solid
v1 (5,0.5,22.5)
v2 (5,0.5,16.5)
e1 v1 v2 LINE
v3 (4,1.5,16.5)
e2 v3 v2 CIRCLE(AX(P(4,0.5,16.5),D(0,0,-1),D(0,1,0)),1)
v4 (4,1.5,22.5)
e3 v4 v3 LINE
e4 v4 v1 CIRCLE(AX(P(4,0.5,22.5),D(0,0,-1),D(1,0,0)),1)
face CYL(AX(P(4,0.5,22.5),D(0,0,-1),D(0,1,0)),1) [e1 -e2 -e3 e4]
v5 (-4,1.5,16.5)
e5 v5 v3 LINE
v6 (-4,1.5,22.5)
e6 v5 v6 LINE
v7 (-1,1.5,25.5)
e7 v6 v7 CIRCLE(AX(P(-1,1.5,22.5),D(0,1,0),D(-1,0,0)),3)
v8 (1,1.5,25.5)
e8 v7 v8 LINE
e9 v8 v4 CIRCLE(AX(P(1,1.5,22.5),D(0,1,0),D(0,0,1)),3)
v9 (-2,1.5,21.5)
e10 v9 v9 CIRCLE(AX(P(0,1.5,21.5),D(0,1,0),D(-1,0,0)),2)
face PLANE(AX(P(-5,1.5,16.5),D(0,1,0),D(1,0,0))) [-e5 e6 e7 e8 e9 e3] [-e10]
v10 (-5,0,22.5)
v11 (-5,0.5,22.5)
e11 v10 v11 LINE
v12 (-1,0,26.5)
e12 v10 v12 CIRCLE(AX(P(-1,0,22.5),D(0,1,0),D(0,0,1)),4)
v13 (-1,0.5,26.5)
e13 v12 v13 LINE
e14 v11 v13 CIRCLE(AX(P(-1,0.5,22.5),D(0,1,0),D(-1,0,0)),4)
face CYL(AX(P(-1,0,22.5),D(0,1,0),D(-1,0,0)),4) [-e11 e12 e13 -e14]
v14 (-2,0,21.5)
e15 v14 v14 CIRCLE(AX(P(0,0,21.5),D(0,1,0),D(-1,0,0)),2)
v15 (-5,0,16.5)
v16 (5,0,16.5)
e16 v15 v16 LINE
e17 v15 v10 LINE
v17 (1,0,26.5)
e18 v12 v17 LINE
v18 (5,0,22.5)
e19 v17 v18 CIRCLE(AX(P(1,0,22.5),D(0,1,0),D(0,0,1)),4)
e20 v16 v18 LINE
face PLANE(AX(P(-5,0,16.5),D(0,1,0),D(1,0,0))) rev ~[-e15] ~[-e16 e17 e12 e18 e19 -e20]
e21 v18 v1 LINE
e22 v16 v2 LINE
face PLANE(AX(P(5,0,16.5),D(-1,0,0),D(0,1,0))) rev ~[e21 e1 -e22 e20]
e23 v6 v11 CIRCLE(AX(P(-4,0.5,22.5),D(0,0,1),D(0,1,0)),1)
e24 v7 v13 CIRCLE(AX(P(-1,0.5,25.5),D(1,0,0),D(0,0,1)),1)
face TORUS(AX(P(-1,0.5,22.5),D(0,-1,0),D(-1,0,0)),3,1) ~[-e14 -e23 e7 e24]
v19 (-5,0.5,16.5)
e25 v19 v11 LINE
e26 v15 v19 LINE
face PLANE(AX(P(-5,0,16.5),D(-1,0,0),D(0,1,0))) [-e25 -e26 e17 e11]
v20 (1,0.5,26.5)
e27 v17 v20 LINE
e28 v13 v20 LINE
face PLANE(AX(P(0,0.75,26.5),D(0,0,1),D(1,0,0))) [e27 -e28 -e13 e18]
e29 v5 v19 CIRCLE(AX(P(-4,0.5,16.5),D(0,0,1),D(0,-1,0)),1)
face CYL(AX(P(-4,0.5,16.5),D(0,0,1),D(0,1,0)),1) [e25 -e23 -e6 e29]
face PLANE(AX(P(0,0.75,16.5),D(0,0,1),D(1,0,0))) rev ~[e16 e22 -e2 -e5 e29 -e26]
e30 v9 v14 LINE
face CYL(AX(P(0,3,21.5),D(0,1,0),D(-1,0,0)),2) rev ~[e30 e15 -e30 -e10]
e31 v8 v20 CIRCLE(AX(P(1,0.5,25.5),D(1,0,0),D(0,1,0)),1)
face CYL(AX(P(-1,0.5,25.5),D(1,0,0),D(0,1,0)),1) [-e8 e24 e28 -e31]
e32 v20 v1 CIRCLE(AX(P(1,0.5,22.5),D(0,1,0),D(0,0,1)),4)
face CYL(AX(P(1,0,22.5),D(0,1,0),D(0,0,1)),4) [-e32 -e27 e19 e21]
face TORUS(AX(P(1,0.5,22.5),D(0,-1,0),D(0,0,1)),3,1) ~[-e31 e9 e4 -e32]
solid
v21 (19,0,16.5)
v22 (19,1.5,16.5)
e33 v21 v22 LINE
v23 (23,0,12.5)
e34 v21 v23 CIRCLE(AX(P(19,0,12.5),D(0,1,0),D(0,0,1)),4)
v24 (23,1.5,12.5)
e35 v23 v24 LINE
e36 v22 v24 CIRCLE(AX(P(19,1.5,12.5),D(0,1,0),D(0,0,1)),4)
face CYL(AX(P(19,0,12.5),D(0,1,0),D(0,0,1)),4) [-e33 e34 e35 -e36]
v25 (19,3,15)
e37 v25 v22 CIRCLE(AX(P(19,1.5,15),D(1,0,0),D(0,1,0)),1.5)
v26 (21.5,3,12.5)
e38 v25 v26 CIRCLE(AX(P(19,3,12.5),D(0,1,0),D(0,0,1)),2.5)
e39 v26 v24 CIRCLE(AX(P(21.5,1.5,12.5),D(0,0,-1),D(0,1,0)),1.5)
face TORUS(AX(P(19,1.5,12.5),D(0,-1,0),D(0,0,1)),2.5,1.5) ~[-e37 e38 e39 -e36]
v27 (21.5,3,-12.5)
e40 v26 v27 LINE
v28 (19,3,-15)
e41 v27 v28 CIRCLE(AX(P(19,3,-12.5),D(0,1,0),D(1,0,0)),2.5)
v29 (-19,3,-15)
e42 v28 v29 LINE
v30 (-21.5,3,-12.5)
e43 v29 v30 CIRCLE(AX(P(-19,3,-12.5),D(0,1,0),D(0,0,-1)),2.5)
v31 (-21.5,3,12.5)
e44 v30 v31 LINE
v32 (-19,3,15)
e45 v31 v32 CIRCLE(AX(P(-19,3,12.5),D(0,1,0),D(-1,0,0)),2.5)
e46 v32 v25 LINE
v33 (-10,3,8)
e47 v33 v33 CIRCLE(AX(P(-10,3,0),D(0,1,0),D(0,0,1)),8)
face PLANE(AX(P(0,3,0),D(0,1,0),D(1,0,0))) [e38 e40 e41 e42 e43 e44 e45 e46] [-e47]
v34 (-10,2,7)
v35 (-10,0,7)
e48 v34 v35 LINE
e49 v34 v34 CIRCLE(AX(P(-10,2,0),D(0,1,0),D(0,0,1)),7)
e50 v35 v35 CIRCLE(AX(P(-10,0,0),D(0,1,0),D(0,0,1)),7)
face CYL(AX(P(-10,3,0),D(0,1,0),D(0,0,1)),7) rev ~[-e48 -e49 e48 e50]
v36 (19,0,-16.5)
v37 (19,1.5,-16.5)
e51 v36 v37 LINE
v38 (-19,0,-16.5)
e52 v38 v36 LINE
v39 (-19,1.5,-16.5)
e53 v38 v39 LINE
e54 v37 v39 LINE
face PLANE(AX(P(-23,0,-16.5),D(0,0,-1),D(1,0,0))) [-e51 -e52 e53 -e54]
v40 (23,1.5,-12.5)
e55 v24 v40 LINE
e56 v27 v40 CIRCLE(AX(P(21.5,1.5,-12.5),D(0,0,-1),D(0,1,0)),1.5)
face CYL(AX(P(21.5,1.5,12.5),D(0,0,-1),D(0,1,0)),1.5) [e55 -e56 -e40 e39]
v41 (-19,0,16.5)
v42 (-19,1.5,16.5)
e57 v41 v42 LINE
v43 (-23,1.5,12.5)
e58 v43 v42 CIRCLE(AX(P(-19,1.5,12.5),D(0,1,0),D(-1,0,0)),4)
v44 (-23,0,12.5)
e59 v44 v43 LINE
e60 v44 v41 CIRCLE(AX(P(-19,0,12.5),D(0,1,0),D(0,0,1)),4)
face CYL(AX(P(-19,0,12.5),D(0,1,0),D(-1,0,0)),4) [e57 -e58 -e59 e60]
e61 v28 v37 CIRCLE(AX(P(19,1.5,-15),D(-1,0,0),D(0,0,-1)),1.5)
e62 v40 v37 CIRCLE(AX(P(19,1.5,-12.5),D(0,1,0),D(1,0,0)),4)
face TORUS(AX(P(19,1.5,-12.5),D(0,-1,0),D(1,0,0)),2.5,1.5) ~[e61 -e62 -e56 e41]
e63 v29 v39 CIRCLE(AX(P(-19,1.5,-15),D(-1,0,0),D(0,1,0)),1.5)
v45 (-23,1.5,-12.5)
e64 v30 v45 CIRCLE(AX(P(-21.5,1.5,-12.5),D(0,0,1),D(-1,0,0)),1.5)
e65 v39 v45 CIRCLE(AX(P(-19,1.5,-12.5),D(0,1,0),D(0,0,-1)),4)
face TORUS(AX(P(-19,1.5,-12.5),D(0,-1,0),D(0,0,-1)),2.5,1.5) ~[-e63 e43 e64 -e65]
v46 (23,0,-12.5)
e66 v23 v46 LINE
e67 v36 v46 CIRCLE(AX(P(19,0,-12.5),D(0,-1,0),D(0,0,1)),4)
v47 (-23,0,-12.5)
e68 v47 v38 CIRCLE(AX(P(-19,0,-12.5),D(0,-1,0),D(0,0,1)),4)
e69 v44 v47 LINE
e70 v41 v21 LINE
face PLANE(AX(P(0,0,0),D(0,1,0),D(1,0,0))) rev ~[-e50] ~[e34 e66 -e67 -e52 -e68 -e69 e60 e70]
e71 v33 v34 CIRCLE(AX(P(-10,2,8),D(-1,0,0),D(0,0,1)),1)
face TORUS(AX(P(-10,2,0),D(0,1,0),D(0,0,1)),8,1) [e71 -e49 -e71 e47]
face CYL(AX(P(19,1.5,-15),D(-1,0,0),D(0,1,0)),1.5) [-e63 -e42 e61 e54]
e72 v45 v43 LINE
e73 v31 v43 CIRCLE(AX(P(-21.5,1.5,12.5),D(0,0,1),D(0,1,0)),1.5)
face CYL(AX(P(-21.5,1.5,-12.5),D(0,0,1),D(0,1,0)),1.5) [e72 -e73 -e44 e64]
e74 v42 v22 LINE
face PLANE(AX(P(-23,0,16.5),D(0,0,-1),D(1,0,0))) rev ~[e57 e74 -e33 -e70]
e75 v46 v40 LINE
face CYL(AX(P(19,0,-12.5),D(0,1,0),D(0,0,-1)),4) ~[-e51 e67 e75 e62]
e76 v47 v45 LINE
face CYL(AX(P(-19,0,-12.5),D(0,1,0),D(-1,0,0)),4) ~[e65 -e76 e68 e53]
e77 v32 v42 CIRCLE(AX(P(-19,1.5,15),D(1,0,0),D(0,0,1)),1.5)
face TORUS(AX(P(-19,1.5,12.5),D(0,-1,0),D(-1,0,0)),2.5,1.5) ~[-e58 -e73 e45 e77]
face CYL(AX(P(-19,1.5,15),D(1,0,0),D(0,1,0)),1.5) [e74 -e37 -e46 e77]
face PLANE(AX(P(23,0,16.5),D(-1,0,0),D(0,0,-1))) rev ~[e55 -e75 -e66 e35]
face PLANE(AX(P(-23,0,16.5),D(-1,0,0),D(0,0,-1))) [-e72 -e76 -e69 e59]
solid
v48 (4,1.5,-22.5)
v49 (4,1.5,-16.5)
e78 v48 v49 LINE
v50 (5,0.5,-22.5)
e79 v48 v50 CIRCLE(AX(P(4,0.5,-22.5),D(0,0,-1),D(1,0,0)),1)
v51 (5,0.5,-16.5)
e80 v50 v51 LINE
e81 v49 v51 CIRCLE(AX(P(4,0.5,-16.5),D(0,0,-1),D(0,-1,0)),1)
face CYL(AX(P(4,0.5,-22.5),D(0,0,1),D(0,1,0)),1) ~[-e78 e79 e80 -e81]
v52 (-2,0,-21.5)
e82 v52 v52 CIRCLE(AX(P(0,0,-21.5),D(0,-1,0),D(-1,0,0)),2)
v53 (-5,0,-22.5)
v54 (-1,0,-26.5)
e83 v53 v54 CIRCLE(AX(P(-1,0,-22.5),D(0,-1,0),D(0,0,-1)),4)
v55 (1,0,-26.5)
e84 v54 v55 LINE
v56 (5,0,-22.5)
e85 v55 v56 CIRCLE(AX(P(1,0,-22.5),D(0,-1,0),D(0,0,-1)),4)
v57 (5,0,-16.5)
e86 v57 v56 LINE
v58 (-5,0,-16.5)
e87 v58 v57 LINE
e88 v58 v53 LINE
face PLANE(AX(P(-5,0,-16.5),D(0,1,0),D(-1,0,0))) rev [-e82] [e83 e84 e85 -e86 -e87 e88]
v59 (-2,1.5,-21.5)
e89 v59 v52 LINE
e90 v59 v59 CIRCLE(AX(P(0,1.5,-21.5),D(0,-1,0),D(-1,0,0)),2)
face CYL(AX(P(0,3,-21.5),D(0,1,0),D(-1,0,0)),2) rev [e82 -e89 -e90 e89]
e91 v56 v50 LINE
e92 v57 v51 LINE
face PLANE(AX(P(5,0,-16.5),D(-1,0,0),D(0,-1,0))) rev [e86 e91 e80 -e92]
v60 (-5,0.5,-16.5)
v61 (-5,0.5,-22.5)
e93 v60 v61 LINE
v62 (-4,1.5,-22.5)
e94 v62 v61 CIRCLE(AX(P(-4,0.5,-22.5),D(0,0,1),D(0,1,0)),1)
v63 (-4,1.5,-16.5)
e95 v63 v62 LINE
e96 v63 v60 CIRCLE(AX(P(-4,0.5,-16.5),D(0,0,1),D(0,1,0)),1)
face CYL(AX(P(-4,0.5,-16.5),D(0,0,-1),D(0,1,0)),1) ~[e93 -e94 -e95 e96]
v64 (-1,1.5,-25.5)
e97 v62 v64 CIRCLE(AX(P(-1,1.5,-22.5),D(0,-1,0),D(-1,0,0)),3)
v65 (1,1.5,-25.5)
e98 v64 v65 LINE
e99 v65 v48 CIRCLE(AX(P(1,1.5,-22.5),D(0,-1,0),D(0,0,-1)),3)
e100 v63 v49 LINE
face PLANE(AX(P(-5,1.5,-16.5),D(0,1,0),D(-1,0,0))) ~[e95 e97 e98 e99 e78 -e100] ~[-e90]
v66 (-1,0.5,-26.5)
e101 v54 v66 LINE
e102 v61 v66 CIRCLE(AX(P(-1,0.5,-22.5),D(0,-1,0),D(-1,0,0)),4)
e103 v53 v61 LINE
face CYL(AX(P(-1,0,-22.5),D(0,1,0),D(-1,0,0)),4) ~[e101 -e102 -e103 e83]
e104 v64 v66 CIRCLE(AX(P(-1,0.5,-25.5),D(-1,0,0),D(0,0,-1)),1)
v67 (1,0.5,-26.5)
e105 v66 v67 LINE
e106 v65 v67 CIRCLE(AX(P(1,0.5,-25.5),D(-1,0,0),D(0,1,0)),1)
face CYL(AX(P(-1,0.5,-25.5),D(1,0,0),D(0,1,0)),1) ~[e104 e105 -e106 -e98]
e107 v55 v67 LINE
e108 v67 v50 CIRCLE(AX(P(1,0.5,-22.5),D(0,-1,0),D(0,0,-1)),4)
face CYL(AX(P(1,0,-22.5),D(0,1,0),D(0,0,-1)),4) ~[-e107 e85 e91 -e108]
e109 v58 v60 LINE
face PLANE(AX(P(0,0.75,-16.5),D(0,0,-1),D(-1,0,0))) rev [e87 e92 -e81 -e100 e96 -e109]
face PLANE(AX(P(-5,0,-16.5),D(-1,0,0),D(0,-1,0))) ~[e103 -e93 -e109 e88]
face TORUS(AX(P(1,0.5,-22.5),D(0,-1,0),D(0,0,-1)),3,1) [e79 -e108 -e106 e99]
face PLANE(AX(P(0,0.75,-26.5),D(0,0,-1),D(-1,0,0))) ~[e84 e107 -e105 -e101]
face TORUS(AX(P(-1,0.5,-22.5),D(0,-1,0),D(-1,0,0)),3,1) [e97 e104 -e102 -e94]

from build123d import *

# Parameters (mm, degrees)
BASE_W             = 46
BASE_H             = 33
SHELL_DEPTH        = 3
SKETCH2_W          = 10
SKETCH2_H          = 1.5
LEG_DEPTH          = 10
SKETCH3_R          = 2
CUT_EXTRUDE1_DEPTH = 10
FILLET1_R          = 4
SKETCH4_R          = 7
CUT_EXTRUDE2_DEPTH = 10
FILLET2_R          = 1
FILLET3_R          = 4
FILLET10_R         = 1.5
FILLET11_R         = 1
FILLET12_R         = 1


with BuildPart() as part:
    # Base → Shell (new body)
    with BuildSketch(Plane(origin=(0, 0, 0), x_dir=(1, 0, 0), z_dir=(0, 1, 0))):
        Rectangle(BASE_W, BASE_H)
    extrude(amount=SHELL_DEPTH)

    # Sketch4 → Cut-Extrude2 (cut)
    with BuildSketch(Plane(origin=(0, 3, 0), x_dir=(1, 0, 0), z_dir=(0, 1, 0))):
        with Locations(Location((-10, 0, 0), (0, 0, 270))):
            Circle(SKETCH4_R)
    extrude(amount=-CUT_EXTRUDE2_DEPTH, mode=Mode.SUBTRACT)

    # Fillet2
    fillet2_edges = [part.edges().sort_by_distance(p)[0] for p in [
        (-10, 3, -7),
    ]]
    fillet(fillet2_edges, radius=FILLET2_R)

    # Fillet3
    fillet3_edges = [part.edges().sort_by_distance(p)[0] for p in [
        (23, 1.5, 16.5),
        (-23, 1.5, 16.5),
        (-23, 1.5, -16.5),
        (23, 1.5, -16.5),
    ]]
    fillet(fillet3_edges, radius=FILLET3_R)

    # Fillet10
    fillet10_edges = [part.edges().sort_by_distance(p)[0] for p in [
        (23, 3, 0),
        (0, 3, 16.5),
        (0, 3, -16.5),
        (-23, 3, 0),
        (-21.828427125, 3, 15.328427125),
        (-21.828427125, 3, -15.328427125),
        (21.828427125, 3, -15.328427125),
        (21.828427125, 3, 15.328427125),
    ]]
    fillet(fillet10_edges, radius=FILLET10_R)


with BuildPart() as body_2:
    # Sketch2 → Leg (new body)
    with BuildSketch(Plane.XY.offset(16.5)):
        with Locations((0, 0.75)):
            Rectangle(SKETCH2_W, SKETCH2_H)
    extrude(amount=LEG_DEPTH)

    # Sketch3 → Cut-Extrude1 (cut)
    with BuildSketch(Plane(origin=(0, 3, 0), x_dir=(1, 0, 0), z_dir=(0, 1, 0))):
        with Locations(Location((0, -21.5, 0), (0, 0, 180))):
            Circle(SKETCH3_R)
    extrude(amount=-CUT_EXTRUDE1_DEPTH, mode=Mode.SUBTRACT)

    # Fillet1
    fillet1_edges = [body_2.edges().sort_by_distance(p)[0] for p in [
        (-5, 0.75, 26.5),
        (5, 0.75, 26.5),
    ]]
    fillet(fillet1_edges, radius=FILLET1_R)


with BuildPart() as body_3:
    # Mirror3: mirrored copy
    add(body_2.part.mirror(Plane.XY))

    # Fillet12
    fillet12_edges = [body_3.edges().sort_by_distance(p)[0] for p in [
        (0, 1.5, -26.5),
        (-5, 1.5, -19.5),
        (5, 1.5, -19.5),
        (3.828427125, 1.5, -25.328427125),
        (-3.828427125, 1.5, -25.328427125),
    ]]
    fillet(fillet12_edges, radius=FILLET12_R)


with BuildPart() as body_2_1:
    add(body_2.part)

    # Fillet11
    fillet11_edges = [body_2_1.edges().sort_by_distance(p)[0] for p in [
        (0, 1.5, 26.5),
        (-5, 1.5, 19.5),
        (5, 1.5, 19.5),
        (3.828427125, 1.5, 25.328427125),
        (-3.828427125, 1.5, 25.328427125),
    ]]
    fillet(fillet11_edges, radius=FILLET11_R)


solid = Compound([part.part, body_3.part, body_2_1.part])
